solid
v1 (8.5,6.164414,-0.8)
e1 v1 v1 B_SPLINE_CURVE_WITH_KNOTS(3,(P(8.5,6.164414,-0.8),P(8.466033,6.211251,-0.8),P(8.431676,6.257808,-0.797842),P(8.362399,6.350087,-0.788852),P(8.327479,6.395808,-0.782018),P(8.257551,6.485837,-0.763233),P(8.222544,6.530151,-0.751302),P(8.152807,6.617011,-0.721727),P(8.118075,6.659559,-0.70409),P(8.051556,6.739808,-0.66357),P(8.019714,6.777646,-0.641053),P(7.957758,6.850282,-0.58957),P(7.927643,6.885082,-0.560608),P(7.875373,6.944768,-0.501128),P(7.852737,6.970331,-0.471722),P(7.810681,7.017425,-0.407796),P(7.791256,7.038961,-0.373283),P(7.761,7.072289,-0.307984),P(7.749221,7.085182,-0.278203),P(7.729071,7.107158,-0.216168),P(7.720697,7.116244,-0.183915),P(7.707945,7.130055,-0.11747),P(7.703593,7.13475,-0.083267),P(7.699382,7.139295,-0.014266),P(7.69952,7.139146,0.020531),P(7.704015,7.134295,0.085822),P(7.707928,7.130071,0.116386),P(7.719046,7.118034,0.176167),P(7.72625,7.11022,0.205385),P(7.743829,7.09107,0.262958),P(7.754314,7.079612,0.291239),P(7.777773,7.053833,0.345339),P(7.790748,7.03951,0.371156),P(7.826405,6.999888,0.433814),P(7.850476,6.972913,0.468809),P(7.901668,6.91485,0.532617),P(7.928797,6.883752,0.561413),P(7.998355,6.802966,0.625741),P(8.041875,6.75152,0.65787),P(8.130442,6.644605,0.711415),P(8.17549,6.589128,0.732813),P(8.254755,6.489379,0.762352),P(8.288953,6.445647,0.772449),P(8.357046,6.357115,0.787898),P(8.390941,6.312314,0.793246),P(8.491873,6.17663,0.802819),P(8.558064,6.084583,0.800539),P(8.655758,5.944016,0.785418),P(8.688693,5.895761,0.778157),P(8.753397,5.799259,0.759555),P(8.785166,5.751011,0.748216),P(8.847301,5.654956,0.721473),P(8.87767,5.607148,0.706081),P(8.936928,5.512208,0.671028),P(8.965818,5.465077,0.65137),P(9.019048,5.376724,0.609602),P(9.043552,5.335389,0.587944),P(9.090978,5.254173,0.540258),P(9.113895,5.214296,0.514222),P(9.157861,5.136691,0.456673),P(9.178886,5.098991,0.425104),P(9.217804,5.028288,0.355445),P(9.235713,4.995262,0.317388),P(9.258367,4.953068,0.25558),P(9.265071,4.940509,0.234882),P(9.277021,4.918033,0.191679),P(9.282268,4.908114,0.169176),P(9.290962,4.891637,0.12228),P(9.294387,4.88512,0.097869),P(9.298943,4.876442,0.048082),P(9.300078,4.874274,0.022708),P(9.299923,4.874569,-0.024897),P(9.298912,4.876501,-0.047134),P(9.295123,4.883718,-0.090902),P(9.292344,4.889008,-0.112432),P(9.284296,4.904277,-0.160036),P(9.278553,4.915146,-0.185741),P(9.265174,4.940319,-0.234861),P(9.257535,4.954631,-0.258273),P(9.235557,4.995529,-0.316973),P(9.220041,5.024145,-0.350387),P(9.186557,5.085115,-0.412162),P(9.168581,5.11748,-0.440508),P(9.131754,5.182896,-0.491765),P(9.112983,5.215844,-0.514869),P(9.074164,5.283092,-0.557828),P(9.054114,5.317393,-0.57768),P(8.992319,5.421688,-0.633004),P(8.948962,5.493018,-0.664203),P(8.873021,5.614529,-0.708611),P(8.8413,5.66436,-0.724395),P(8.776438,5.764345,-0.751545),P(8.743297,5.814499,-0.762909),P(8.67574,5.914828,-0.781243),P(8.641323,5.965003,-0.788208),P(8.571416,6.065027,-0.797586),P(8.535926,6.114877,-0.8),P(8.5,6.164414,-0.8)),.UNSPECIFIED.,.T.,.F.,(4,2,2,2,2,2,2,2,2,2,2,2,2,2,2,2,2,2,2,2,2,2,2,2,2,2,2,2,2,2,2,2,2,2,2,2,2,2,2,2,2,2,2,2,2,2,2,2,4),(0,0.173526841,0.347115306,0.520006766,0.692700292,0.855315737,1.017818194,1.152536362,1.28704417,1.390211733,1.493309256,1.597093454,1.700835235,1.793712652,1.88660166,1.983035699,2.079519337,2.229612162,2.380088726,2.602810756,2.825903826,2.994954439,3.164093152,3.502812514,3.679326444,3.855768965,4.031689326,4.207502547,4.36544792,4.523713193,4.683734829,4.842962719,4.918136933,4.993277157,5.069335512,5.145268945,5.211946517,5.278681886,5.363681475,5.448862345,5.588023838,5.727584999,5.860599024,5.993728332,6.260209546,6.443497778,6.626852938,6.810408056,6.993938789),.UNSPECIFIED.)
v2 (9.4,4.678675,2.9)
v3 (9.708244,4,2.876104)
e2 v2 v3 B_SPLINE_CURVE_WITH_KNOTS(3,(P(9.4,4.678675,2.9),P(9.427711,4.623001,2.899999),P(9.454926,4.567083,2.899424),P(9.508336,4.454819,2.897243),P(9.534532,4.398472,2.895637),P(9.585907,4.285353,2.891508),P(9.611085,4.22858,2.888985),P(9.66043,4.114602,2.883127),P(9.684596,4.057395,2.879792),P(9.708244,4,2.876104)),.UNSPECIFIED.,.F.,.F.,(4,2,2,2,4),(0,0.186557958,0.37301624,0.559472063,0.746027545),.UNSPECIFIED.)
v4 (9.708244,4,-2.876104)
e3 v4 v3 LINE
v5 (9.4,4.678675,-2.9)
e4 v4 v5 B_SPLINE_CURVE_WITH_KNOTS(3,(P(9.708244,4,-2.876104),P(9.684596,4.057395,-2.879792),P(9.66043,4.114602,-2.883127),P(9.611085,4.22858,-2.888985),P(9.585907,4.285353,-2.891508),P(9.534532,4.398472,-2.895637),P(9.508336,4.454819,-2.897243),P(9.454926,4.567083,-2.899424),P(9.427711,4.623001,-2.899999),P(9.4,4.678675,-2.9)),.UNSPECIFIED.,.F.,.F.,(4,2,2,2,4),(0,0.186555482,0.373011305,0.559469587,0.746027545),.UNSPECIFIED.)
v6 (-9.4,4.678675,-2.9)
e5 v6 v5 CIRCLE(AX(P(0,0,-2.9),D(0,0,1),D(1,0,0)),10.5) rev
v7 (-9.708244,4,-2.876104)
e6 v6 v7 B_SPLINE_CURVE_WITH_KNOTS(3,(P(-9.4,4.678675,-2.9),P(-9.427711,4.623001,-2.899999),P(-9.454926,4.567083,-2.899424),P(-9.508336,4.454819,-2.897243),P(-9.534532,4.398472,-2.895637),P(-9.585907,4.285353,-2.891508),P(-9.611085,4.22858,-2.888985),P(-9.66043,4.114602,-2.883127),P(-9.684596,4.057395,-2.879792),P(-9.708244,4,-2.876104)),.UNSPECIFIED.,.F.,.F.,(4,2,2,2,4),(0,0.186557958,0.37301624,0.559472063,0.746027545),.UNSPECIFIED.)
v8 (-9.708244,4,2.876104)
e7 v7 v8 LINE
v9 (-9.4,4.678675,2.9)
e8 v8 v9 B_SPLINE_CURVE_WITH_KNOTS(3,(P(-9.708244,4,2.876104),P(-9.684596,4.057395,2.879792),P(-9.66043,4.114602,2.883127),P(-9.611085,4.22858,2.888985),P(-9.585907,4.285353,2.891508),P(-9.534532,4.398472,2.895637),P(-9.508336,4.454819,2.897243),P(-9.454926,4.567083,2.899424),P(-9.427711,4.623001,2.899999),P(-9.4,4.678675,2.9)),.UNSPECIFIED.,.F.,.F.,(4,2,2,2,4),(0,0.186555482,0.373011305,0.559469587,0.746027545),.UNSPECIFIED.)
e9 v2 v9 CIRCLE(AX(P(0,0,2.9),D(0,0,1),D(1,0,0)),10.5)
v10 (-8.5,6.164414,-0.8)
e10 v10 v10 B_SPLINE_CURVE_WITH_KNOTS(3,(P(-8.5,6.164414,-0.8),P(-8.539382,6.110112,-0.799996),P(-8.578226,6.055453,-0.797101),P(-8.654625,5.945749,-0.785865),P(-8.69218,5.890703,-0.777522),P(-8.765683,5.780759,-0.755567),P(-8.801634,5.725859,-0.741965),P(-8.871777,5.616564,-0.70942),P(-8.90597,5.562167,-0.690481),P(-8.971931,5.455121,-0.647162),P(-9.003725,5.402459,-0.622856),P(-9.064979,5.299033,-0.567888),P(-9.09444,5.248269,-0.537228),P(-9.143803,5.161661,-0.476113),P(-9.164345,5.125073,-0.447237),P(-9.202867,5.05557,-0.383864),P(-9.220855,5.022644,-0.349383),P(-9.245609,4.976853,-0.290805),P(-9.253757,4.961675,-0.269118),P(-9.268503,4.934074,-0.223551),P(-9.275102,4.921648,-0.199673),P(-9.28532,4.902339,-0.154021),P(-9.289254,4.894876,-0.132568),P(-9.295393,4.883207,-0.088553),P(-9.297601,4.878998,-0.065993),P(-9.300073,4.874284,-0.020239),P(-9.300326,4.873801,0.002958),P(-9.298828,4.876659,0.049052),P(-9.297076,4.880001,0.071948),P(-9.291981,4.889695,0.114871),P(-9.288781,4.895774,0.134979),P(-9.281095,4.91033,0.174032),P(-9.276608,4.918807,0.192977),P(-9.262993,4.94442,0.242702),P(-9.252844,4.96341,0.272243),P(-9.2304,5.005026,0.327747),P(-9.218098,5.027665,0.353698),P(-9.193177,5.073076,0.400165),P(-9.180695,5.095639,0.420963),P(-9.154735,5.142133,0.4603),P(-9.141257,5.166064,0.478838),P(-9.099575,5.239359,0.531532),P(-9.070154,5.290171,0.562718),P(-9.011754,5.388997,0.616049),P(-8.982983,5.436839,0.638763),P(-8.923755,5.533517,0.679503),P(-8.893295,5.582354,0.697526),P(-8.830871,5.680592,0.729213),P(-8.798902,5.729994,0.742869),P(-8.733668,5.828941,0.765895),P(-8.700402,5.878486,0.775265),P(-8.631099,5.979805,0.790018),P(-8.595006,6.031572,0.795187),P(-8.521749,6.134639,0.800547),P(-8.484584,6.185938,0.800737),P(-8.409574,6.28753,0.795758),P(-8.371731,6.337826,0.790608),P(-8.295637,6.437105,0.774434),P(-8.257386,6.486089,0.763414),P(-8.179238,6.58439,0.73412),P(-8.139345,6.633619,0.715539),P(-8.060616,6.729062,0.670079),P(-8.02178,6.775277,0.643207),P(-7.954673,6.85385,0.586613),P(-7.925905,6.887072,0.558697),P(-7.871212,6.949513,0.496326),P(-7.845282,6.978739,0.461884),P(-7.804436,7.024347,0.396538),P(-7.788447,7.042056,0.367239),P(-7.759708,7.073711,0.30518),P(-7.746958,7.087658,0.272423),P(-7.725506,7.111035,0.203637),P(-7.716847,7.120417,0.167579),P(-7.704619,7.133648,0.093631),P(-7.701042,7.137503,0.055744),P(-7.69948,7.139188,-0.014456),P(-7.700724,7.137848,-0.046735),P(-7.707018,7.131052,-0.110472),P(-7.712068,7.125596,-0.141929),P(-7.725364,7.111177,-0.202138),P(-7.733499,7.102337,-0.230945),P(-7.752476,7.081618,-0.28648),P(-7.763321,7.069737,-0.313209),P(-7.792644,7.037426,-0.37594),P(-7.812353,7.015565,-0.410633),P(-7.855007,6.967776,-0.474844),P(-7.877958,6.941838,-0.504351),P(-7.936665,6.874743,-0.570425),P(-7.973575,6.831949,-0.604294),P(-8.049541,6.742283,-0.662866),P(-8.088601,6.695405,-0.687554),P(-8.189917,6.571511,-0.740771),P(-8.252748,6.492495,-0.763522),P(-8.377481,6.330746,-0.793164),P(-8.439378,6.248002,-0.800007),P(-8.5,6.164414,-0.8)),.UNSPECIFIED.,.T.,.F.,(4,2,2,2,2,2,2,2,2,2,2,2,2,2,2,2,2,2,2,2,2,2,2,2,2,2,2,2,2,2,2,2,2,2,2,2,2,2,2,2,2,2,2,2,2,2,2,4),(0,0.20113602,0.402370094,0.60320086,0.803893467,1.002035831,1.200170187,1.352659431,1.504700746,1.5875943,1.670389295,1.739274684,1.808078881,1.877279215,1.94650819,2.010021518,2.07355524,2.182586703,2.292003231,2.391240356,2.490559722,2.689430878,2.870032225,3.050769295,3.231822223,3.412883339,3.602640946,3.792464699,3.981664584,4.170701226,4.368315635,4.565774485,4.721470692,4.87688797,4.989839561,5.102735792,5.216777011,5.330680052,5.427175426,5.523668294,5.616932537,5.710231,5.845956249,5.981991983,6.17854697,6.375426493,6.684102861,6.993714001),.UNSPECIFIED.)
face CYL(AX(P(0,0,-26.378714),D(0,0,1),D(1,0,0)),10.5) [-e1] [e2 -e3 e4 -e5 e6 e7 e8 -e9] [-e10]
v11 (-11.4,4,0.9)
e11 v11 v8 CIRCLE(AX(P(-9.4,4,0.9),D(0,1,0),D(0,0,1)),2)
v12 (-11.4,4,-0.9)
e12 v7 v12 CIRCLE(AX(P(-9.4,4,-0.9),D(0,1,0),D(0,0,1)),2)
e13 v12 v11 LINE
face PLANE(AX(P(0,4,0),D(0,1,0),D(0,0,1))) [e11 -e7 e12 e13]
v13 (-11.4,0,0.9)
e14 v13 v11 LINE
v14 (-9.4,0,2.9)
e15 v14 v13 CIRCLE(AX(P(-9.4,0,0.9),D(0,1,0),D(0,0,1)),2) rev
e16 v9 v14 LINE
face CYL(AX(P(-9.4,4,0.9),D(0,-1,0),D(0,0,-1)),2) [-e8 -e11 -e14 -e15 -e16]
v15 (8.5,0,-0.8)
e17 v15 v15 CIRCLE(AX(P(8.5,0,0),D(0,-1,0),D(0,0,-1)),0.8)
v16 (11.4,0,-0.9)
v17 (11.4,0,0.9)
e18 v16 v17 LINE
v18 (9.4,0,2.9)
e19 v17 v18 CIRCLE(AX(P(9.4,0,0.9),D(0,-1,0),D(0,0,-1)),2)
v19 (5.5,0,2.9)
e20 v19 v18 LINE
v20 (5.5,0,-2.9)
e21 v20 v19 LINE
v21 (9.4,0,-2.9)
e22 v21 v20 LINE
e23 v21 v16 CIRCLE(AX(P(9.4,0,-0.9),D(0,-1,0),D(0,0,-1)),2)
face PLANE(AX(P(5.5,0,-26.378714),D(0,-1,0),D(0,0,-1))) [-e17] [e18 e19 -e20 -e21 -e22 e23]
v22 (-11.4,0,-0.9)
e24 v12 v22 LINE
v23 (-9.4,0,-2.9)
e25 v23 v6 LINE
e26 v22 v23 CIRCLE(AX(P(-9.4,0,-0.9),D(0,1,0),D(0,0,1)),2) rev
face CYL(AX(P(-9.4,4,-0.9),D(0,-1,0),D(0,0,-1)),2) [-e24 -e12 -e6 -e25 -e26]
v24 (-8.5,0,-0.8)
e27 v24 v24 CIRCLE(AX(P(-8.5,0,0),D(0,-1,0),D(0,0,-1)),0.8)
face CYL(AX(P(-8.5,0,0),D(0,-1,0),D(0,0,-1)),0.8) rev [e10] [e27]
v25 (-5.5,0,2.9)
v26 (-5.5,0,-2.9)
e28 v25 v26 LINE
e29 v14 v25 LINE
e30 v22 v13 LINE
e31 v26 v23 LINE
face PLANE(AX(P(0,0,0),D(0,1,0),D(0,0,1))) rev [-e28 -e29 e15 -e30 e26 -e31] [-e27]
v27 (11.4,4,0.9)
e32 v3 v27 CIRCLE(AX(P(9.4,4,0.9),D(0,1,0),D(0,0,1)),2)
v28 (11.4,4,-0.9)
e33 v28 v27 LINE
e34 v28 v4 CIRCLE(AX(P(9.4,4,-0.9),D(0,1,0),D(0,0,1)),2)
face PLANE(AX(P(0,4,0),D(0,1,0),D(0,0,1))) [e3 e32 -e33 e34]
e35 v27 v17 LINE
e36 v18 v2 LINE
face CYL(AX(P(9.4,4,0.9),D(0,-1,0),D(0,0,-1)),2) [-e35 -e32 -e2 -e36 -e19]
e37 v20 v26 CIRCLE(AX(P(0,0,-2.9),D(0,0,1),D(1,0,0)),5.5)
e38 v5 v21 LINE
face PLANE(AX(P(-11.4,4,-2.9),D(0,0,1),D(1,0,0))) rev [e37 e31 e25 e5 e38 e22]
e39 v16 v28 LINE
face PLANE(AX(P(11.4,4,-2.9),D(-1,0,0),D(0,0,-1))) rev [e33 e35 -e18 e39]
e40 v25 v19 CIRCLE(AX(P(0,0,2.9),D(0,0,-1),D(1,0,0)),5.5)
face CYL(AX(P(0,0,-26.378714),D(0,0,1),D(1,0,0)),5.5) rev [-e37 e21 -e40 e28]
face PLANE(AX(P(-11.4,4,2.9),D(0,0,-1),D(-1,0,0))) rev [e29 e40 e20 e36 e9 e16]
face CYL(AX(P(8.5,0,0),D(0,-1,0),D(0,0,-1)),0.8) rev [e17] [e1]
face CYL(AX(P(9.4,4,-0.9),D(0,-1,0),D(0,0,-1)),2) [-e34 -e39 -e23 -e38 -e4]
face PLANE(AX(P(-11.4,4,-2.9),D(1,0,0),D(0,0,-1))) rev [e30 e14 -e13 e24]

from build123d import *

# Parameters (mm, degrees)
SKETCH1_W             = 5.9
SKETCH1_H             = 5.8
BOSS_EXTRUDE1_DEPTH   = 4
BOSS_EXTRUDE2_DEPTH   = 5.8
FILLET1_R             = 2
M2X0_4_TAPPED_HOLE1_D = 1.6


with BuildPart() as part:
    # Sketch1 → Boss-Extrude1 (new body)
    with BuildSketch(Plane(origin=(0, 0, 0), x_dir=(1, 0, 0), z_dir=(0, 1, 0))):
        with Locations((-8.45, 0)):
            Rectangle(SKETCH1_W, SKETCH1_H)
    extrude(amount=BOSS_EXTRUDE1_DEPTH)

    # Sketch2 → Boss-Extrude2 (add)
    with BuildSketch(Plane.XY.offset(2.9)):
        with BuildLine():
            Line((-10.5, 0), (-5.5, 0))
            ThreePointArc((-5.5, 0), (0, 5.5), (5.5, 0))
            Line((5.5, 0), (10.5, 0))
            ThreePointArc((10.5, 0), (0, 10.5), (-10.5, 0))
        make_face()
    extrude(amount=-BOSS_EXTRUDE2_DEPTH)


with BuildPart() as body_2:
    # Mirror3: mirrored copy
    add(part.part.mirror(Plane(origin=(0, 0, 0), x_dir=(0, 0, 1), z_dir=(1, 0, 0))))


with BuildPart() as part_1:
    add(part.part)

    # Combine1: union body 2
    add(body_2.part)

    # Fillet1
    fillet1_edges = [part_1.edges().sort_by_distance(p)[0] for p in [
        (-11.4, 2, -2.9),
        (-11.4, 2, 2.9),
        (11.4, 2, -2.9),
        (11.4, 2, 2.9),
    ]]
    fillet(fillet1_edges, radius=FILLET1_R)

    # M2x0.4 Tapped Hole1 (through all)
    with Locations(Plane(origin=(0, 0, 0), x_dir=(-1, 0, 0), z_dir=(0, -1, 0))):
        with Locations((-8.5, 0), (8.5, 0)):
            Hole(M2X0_4_TAPPED_HOLE1_D / 2)


solid = part_1.part
